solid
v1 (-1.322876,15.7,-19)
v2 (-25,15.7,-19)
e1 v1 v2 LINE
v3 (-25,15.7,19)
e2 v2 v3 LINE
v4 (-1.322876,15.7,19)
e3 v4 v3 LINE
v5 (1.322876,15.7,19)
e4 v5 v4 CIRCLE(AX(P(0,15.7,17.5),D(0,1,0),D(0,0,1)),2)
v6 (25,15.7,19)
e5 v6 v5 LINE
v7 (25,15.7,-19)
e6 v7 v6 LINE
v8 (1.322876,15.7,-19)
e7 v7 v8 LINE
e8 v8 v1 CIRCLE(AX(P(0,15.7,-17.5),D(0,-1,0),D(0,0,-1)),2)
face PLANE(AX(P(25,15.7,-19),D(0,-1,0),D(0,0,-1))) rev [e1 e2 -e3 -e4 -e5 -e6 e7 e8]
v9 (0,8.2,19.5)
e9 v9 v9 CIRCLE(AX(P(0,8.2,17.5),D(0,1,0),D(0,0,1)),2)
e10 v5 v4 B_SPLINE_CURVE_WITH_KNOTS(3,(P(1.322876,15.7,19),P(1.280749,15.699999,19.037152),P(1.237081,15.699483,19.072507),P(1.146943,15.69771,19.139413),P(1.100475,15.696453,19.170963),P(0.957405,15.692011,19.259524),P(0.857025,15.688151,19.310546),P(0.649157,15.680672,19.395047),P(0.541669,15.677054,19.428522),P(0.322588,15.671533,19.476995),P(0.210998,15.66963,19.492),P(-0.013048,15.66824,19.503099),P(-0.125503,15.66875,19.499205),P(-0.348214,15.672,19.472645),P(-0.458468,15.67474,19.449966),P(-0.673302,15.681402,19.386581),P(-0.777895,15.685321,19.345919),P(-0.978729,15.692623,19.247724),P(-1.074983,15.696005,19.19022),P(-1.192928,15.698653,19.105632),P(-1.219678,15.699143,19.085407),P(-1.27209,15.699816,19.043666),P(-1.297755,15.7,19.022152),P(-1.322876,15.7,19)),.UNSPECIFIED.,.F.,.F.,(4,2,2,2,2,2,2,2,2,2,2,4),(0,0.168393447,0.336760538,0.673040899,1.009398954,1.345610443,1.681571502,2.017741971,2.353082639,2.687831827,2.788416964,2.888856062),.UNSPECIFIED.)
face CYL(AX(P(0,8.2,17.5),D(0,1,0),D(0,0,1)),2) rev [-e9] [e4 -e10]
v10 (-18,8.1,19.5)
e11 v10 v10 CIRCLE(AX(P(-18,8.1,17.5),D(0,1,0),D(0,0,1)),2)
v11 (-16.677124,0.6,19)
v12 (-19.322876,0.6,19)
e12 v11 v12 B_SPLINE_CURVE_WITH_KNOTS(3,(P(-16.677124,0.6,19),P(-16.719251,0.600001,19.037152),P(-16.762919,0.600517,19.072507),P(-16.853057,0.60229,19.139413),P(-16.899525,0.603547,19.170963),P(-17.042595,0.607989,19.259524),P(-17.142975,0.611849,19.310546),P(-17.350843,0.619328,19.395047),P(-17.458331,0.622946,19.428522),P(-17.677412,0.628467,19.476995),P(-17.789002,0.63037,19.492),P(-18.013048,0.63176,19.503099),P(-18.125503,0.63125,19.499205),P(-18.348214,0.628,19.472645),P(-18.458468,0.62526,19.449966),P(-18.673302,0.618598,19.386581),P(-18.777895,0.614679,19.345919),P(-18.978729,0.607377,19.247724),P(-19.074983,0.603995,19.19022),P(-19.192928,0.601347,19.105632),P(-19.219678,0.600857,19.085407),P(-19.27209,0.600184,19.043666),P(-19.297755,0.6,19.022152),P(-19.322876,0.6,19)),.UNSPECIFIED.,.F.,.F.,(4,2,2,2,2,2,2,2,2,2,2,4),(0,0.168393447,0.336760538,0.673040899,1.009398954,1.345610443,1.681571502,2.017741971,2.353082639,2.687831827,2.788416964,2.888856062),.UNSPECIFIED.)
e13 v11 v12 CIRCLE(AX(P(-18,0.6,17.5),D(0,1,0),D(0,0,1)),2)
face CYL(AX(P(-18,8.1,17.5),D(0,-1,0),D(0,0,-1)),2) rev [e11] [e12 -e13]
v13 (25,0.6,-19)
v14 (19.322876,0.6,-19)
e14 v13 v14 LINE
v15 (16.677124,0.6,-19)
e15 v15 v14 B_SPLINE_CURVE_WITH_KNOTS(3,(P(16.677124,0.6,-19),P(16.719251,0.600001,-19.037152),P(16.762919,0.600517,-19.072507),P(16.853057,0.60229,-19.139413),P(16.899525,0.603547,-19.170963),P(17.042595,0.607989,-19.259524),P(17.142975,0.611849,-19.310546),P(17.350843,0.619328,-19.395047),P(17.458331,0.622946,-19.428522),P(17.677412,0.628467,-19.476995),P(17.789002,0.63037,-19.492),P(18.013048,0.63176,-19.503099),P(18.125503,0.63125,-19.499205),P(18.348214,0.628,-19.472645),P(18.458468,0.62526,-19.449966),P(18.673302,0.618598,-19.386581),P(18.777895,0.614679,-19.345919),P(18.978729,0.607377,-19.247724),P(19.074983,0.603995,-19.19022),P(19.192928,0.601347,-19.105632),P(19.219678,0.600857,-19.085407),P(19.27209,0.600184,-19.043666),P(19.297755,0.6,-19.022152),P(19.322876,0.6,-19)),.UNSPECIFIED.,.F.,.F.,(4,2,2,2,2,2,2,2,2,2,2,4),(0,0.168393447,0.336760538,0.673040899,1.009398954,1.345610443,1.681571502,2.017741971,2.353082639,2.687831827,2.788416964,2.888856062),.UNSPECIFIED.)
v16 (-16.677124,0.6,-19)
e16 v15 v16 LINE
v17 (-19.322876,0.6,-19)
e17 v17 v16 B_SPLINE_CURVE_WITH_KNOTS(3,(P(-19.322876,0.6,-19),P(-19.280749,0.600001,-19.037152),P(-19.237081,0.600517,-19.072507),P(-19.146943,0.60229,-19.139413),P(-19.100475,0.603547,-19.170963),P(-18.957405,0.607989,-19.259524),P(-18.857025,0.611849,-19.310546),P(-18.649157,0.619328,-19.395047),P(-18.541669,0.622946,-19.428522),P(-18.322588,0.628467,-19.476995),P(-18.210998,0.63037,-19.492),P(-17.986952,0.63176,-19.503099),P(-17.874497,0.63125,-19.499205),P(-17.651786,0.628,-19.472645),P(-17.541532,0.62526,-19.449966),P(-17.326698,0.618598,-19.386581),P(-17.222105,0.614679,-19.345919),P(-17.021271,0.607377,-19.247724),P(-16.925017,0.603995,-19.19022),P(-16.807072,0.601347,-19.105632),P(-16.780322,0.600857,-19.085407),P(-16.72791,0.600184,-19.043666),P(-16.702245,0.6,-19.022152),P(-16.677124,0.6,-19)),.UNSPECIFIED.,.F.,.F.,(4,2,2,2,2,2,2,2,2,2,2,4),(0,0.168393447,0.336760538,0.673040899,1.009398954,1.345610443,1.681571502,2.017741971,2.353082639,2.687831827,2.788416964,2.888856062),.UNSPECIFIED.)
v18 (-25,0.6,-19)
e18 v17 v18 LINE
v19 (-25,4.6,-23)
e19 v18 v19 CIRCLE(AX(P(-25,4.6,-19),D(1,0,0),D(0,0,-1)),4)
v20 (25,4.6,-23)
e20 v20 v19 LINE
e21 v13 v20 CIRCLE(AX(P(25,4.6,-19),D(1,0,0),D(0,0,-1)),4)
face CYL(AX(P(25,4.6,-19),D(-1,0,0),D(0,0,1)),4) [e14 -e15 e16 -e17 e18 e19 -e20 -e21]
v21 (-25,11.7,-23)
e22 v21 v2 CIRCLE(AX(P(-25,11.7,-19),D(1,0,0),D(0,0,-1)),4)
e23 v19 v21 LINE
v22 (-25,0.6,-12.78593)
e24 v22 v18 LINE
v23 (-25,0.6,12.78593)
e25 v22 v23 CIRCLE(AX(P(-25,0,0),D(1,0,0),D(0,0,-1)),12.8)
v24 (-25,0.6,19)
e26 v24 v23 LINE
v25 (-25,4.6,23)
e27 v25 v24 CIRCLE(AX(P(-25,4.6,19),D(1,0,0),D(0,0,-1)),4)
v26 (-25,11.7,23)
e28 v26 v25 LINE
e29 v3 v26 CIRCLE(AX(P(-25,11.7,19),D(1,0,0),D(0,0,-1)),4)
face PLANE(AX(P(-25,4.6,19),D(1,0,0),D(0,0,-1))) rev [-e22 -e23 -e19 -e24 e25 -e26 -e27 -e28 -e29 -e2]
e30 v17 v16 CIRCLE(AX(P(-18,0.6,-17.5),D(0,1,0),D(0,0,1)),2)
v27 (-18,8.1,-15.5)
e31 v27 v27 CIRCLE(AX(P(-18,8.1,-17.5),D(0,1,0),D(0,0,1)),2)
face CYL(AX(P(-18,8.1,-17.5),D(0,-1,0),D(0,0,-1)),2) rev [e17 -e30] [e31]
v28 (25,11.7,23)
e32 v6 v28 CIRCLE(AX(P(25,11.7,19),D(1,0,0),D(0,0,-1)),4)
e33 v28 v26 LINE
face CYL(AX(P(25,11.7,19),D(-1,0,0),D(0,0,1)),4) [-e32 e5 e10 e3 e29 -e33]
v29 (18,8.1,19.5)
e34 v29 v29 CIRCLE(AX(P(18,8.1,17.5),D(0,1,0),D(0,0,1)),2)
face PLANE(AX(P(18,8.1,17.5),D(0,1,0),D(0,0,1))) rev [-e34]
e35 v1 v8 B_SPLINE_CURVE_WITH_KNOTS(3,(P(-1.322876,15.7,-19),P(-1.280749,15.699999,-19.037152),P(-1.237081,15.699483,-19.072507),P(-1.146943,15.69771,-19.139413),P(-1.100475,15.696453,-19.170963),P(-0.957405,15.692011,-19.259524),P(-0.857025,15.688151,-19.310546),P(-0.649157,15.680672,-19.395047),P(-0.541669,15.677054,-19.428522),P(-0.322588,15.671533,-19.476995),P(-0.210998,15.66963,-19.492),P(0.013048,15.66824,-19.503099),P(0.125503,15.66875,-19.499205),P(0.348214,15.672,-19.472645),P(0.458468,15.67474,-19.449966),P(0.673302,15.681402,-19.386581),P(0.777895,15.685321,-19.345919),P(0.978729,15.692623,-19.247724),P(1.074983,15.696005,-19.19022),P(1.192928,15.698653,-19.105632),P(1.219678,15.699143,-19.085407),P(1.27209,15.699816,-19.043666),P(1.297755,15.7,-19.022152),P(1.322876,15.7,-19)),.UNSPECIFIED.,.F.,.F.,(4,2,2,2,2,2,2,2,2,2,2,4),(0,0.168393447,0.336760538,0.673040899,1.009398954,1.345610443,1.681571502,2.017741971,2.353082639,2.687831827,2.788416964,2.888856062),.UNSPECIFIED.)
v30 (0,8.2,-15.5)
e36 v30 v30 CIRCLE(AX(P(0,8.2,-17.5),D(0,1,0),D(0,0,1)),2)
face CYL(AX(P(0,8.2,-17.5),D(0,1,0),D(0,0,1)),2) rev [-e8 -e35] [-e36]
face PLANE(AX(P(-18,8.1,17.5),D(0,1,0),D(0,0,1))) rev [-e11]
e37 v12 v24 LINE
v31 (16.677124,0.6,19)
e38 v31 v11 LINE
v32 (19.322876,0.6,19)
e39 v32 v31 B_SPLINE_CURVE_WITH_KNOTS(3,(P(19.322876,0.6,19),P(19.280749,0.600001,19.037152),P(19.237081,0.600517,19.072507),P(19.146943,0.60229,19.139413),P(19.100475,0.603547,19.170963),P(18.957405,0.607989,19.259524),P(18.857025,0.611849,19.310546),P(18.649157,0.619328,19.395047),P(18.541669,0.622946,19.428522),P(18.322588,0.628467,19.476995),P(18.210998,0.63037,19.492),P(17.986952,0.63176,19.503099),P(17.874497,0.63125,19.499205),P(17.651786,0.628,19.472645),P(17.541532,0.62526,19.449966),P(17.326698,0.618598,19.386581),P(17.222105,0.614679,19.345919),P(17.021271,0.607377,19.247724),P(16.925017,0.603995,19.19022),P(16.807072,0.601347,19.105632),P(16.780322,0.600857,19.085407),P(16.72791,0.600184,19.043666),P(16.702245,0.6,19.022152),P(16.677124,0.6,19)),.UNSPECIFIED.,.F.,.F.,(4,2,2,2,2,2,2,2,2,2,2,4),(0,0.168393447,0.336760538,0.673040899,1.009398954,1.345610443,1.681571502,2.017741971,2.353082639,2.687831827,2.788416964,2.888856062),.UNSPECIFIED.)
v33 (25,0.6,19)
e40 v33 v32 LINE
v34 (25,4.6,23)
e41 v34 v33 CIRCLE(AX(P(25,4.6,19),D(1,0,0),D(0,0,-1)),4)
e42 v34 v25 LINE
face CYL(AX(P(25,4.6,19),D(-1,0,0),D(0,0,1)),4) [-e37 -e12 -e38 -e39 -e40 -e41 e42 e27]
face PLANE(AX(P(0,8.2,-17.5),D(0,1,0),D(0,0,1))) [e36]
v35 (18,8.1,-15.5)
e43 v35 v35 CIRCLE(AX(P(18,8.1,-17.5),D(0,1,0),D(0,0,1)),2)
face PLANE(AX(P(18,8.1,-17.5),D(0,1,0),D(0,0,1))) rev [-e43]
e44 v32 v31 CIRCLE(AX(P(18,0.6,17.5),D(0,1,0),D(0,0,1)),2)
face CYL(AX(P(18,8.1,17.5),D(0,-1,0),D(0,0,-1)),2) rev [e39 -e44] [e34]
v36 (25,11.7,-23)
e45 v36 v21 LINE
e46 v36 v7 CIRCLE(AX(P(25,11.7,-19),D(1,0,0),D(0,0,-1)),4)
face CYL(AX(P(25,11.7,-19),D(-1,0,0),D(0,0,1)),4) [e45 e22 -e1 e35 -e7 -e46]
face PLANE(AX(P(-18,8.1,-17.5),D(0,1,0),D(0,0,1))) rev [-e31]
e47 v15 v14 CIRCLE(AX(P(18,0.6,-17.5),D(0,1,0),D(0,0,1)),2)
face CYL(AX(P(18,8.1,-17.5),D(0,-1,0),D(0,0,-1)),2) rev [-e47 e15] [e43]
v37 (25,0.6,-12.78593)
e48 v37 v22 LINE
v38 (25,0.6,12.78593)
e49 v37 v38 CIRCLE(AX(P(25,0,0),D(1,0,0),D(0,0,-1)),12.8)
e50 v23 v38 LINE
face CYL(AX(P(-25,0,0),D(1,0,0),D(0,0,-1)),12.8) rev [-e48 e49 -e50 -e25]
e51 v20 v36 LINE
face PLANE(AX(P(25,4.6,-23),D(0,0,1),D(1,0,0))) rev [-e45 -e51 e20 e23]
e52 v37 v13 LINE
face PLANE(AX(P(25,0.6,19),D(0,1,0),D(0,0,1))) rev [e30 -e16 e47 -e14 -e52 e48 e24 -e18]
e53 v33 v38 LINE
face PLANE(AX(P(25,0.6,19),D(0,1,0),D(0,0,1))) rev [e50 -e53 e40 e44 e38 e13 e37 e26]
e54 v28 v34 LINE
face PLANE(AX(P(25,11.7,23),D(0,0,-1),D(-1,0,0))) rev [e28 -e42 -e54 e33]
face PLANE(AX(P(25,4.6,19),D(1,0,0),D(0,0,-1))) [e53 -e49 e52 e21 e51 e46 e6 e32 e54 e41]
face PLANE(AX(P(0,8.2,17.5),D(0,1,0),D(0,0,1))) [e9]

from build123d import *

# Parameters (mm, degrees)
BOSS_EXTRUDE1_DEPTH     = 25
CUT_EXTRUDE1_DEPTH      = 38.423121195
CUT_EXTRUDE1_DEPTH_BACK = 38.423121195
SKETCH2_R               = 12.8
SKETCH3_R               = 2
CUT_EXTRUDE2_DEPTH      = 7.5
SKETCH4_R               = 2
CUT_EXTRUDE3_DEPTH      = 7.5


with BuildPart() as part:
    # Sketch1 → Boss-Extrude1 (new, symmetric)
    with BuildSketch(Plane(origin=(0, 0, 0), x_dir=(0, 0, -1), z_dir=(1, 0, 0))):
        with BuildLine():
            Line((-19, 0.6), (19, 0.6))
            ThreePointArc((19, 0.6), (21.828427125, 1.771572875), (23, 4.6))
            Line((23, 4.6), (23, 11.7))
            ThreePointArc((23, 11.7), (21.828427125, 14.528427125), (19, 15.7))
            Line((19, 15.7), (-19, 15.7))
            ThreePointArc((-19, 15.7), (-21.828427125, 14.528427125), (-23, 11.7))
            Line((-23, 11.7), (-23, 4.6))
            ThreePointArc((-23, 4.6), (-21.828427125, 1.771572875), (-19, 0.6))
        make_face()
    extrude(amount=BOSS_EXTRUDE1_DEPTH, both=True)

    # Sketch2 → Cut-Extrude1 (cut, two sides: drawn at the far end of the back side and taken through both)
    with BuildSketch(Plane(origin=(0, 0, 0), x_dir=(0, 0, -1), z_dir=(1, 0, 0)).offset(-CUT_EXTRUDE1_DEPTH_BACK)):
        Circle(SKETCH2_R)
    extrude(amount=CUT_EXTRUDE1_DEPTH + CUT_EXTRUDE1_DEPTH_BACK, mode=Mode.SUBTRACT)

    # Sketch3 → Cut-Extrude2 (cut)
    with BuildSketch(Plane(origin=(0, 0.6, 0), x_dir=(1, 0, 0), z_dir=(0, 1, 0))):
        with Locations(Location((18, -17.5, 0), (0, 0, 228.590377891))):
            Circle(SKETCH3_R)
        with Locations(Location((18, 17.5, 0), (0, 0, 48.590377891))):
            Circle(SKETCH3_R)
        with Locations(Location((-18, -17.5, 0), (0, 0, 228.590377891))):
            Circle(SKETCH3_R)
        with Locations(Location((-18, 17.5, 0), (0, 0, 48.590377891))):
            Circle(SKETCH3_R)
    extrude(amount=CUT_EXTRUDE2_DEPTH, mode=Mode.SUBTRACT)

    # Sketch4 → Cut-Extrude3 (cut)
    with BuildSketch(Plane(origin=(0, 15.7, 0), x_dir=(1, 0, 0), z_dir=(0, 1, 0))):
        with Locations(Location((0, -17.5, 0), (0, 0, 270))):
            Circle(SKETCH4_R)
        with Locations(Location((0, 17.5, 0), (0, 0, 270))):
            Circle(SKETCH4_R)
    extrude(amount=-CUT_EXTRUDE3_DEPTH, mode=Mode.SUBTRACT)


solid = part.part
